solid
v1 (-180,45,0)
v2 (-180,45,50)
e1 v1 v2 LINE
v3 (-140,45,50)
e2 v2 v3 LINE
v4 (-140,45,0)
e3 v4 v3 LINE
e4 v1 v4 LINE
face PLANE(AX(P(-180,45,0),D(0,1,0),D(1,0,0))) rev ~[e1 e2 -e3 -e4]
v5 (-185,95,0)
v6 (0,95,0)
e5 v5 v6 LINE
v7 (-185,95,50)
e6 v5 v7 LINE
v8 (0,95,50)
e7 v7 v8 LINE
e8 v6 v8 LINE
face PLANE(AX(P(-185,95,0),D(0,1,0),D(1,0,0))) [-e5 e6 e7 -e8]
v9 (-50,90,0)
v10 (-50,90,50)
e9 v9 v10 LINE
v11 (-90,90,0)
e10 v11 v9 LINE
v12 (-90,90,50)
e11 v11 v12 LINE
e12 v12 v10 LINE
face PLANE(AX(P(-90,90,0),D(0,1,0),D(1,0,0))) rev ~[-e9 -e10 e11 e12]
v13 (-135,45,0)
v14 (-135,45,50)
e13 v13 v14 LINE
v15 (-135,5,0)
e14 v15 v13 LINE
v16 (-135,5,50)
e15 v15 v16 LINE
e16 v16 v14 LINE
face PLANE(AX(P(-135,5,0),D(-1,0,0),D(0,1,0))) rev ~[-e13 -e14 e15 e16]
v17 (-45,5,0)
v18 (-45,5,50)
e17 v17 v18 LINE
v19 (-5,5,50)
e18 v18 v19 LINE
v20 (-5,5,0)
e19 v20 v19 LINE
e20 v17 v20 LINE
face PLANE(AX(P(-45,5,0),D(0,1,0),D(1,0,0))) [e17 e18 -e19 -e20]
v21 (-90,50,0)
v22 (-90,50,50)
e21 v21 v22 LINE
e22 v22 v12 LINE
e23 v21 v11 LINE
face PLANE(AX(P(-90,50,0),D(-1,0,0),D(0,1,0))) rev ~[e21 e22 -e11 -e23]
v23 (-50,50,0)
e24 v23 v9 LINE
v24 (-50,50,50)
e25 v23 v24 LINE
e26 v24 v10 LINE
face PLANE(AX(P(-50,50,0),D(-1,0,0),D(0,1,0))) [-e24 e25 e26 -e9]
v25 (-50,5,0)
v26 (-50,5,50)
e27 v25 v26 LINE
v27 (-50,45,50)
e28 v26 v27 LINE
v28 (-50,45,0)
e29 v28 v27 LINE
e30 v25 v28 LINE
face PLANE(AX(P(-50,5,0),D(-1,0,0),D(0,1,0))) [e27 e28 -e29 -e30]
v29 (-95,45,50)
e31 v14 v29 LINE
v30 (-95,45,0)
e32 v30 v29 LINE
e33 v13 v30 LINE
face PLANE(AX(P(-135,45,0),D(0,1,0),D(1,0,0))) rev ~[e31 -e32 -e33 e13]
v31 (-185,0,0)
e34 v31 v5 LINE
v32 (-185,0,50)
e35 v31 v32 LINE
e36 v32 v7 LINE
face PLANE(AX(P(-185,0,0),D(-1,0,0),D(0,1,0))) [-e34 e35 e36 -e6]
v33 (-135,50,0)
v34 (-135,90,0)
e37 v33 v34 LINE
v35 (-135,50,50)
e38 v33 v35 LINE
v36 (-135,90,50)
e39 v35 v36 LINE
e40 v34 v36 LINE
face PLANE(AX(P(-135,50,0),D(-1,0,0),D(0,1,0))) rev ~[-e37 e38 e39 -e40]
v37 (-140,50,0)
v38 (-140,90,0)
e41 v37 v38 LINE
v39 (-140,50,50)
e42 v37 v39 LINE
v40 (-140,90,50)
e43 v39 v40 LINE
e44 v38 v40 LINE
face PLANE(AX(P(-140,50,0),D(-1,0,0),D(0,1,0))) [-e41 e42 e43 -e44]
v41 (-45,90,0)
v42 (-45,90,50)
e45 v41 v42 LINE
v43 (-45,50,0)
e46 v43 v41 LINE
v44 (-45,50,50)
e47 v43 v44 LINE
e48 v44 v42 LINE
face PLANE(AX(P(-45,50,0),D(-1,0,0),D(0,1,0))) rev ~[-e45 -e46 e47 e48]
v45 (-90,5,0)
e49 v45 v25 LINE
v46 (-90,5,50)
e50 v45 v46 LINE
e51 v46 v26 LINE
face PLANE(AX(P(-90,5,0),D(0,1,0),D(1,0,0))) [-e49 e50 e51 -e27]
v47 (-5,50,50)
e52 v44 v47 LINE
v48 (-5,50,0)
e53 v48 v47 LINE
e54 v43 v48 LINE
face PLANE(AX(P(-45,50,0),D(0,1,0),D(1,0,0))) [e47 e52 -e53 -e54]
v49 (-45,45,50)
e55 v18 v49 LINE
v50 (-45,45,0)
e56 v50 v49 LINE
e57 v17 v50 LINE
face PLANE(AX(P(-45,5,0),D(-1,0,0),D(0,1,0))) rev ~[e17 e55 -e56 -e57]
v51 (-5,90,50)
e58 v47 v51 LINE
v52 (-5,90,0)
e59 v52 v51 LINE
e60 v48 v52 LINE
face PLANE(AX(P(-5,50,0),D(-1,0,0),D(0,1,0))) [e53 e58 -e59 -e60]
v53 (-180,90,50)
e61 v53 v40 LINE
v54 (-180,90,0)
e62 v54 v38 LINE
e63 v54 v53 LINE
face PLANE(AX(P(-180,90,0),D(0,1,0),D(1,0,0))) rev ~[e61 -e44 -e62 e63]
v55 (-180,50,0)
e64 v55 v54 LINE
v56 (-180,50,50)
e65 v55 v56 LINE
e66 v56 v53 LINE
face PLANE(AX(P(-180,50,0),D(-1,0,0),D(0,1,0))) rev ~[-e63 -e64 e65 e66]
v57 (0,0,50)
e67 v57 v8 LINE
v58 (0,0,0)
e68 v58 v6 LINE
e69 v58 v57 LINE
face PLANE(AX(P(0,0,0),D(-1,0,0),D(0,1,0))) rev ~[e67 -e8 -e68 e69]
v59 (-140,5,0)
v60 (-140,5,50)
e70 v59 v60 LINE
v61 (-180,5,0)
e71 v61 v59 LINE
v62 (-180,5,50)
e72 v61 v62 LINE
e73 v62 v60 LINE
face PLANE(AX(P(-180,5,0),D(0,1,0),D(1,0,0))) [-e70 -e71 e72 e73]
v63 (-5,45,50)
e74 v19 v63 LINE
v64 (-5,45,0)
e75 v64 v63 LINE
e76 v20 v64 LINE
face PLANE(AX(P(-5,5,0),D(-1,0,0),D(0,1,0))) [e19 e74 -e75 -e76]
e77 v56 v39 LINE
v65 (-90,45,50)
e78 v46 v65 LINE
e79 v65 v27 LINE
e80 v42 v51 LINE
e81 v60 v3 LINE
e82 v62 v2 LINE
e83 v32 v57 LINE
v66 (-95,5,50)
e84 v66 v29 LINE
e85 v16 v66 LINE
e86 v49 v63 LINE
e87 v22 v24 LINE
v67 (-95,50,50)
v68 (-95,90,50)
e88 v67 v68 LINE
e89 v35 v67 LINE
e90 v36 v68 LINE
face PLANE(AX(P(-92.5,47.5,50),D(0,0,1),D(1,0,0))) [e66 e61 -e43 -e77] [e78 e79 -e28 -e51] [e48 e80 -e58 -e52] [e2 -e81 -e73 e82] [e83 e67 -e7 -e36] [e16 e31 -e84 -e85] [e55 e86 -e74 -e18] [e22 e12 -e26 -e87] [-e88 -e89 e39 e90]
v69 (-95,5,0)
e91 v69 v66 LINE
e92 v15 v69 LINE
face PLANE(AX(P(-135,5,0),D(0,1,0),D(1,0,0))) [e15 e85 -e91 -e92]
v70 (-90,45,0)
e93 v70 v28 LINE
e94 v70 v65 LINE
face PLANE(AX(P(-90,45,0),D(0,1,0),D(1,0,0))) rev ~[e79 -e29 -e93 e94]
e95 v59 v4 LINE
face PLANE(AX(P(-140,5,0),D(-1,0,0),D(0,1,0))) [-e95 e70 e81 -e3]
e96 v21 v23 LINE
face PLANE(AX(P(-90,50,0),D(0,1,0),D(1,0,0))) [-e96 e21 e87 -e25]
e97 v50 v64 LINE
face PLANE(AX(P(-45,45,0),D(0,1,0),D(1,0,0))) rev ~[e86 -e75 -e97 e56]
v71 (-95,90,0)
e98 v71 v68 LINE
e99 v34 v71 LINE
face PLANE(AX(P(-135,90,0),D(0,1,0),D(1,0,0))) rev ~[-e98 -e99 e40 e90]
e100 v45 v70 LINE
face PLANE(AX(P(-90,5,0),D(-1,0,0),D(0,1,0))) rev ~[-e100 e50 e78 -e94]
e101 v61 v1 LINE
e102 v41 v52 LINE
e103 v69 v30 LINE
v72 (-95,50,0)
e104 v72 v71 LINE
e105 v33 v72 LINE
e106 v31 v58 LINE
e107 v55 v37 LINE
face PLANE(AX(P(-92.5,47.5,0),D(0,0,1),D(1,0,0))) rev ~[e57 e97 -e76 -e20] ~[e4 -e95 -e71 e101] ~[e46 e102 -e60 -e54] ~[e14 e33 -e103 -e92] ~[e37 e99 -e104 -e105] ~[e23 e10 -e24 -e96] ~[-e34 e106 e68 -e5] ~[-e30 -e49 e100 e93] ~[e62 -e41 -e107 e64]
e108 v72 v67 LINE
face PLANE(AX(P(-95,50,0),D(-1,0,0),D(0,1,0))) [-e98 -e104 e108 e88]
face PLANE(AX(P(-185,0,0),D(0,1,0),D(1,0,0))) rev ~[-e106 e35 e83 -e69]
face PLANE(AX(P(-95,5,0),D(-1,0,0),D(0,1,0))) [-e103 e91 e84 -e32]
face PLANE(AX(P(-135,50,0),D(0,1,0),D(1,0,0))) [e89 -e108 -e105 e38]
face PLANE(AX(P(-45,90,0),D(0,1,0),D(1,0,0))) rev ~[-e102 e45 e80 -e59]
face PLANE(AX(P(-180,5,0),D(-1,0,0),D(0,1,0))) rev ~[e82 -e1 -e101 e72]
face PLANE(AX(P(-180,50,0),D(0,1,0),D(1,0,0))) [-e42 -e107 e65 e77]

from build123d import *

# Parameters (mm, degrees)
SKETCH1_W           = 185
SKETCH1_H           = 95
SKETCH1_W_2         = 40
SKETCH1_H_2         = 40
BOSS_EXTRUDE1_DEPTH = 50


with BuildPart() as part:
    # Sketch1 → Boss-Extrude1 (new body)
    with BuildSketch(Plane.XY):
        with Locations((-92.5, 47.5)):
            Rectangle(SKETCH1_W, SKETCH1_H)
        with Locations((-160, 25)):
            Rectangle(SKETCH1_W_2, SKETCH1_H_2, mode=Mode.SUBTRACT)
        with Locations((-115, 25)):
            Rectangle(SKETCH1_W_2, SKETCH1_H_2, mode=Mode.SUBTRACT)
        with Locations((-70, 25)):
            Rectangle(SKETCH1_W_2, SKETCH1_H_2, mode=Mode.SUBTRACT)
        with Locations((-25, 25)):
            Rectangle(SKETCH1_W_2, SKETCH1_H_2, mode=Mode.SUBTRACT)
        with Locations((-25, 70)):
            Rectangle(SKETCH1_W_2, SKETCH1_H_2, mode=Mode.SUBTRACT)
        with Locations((-70, 70)):
            Rectangle(SKETCH1_W_2, SKETCH1_H_2, mode=Mode.SUBTRACT)
        with Locations((-115, 70)):
            Rectangle(SKETCH1_W_2, SKETCH1_H_2, mode=Mode.SUBTRACT)
        with Locations((-160, 70)):
            Rectangle(SKETCH1_W_2, SKETCH1_H_2, mode=Mode.SUBTRACT)
    extrude(amount=BOSS_EXTRUDE1_DEPTH)


solid = part.part
